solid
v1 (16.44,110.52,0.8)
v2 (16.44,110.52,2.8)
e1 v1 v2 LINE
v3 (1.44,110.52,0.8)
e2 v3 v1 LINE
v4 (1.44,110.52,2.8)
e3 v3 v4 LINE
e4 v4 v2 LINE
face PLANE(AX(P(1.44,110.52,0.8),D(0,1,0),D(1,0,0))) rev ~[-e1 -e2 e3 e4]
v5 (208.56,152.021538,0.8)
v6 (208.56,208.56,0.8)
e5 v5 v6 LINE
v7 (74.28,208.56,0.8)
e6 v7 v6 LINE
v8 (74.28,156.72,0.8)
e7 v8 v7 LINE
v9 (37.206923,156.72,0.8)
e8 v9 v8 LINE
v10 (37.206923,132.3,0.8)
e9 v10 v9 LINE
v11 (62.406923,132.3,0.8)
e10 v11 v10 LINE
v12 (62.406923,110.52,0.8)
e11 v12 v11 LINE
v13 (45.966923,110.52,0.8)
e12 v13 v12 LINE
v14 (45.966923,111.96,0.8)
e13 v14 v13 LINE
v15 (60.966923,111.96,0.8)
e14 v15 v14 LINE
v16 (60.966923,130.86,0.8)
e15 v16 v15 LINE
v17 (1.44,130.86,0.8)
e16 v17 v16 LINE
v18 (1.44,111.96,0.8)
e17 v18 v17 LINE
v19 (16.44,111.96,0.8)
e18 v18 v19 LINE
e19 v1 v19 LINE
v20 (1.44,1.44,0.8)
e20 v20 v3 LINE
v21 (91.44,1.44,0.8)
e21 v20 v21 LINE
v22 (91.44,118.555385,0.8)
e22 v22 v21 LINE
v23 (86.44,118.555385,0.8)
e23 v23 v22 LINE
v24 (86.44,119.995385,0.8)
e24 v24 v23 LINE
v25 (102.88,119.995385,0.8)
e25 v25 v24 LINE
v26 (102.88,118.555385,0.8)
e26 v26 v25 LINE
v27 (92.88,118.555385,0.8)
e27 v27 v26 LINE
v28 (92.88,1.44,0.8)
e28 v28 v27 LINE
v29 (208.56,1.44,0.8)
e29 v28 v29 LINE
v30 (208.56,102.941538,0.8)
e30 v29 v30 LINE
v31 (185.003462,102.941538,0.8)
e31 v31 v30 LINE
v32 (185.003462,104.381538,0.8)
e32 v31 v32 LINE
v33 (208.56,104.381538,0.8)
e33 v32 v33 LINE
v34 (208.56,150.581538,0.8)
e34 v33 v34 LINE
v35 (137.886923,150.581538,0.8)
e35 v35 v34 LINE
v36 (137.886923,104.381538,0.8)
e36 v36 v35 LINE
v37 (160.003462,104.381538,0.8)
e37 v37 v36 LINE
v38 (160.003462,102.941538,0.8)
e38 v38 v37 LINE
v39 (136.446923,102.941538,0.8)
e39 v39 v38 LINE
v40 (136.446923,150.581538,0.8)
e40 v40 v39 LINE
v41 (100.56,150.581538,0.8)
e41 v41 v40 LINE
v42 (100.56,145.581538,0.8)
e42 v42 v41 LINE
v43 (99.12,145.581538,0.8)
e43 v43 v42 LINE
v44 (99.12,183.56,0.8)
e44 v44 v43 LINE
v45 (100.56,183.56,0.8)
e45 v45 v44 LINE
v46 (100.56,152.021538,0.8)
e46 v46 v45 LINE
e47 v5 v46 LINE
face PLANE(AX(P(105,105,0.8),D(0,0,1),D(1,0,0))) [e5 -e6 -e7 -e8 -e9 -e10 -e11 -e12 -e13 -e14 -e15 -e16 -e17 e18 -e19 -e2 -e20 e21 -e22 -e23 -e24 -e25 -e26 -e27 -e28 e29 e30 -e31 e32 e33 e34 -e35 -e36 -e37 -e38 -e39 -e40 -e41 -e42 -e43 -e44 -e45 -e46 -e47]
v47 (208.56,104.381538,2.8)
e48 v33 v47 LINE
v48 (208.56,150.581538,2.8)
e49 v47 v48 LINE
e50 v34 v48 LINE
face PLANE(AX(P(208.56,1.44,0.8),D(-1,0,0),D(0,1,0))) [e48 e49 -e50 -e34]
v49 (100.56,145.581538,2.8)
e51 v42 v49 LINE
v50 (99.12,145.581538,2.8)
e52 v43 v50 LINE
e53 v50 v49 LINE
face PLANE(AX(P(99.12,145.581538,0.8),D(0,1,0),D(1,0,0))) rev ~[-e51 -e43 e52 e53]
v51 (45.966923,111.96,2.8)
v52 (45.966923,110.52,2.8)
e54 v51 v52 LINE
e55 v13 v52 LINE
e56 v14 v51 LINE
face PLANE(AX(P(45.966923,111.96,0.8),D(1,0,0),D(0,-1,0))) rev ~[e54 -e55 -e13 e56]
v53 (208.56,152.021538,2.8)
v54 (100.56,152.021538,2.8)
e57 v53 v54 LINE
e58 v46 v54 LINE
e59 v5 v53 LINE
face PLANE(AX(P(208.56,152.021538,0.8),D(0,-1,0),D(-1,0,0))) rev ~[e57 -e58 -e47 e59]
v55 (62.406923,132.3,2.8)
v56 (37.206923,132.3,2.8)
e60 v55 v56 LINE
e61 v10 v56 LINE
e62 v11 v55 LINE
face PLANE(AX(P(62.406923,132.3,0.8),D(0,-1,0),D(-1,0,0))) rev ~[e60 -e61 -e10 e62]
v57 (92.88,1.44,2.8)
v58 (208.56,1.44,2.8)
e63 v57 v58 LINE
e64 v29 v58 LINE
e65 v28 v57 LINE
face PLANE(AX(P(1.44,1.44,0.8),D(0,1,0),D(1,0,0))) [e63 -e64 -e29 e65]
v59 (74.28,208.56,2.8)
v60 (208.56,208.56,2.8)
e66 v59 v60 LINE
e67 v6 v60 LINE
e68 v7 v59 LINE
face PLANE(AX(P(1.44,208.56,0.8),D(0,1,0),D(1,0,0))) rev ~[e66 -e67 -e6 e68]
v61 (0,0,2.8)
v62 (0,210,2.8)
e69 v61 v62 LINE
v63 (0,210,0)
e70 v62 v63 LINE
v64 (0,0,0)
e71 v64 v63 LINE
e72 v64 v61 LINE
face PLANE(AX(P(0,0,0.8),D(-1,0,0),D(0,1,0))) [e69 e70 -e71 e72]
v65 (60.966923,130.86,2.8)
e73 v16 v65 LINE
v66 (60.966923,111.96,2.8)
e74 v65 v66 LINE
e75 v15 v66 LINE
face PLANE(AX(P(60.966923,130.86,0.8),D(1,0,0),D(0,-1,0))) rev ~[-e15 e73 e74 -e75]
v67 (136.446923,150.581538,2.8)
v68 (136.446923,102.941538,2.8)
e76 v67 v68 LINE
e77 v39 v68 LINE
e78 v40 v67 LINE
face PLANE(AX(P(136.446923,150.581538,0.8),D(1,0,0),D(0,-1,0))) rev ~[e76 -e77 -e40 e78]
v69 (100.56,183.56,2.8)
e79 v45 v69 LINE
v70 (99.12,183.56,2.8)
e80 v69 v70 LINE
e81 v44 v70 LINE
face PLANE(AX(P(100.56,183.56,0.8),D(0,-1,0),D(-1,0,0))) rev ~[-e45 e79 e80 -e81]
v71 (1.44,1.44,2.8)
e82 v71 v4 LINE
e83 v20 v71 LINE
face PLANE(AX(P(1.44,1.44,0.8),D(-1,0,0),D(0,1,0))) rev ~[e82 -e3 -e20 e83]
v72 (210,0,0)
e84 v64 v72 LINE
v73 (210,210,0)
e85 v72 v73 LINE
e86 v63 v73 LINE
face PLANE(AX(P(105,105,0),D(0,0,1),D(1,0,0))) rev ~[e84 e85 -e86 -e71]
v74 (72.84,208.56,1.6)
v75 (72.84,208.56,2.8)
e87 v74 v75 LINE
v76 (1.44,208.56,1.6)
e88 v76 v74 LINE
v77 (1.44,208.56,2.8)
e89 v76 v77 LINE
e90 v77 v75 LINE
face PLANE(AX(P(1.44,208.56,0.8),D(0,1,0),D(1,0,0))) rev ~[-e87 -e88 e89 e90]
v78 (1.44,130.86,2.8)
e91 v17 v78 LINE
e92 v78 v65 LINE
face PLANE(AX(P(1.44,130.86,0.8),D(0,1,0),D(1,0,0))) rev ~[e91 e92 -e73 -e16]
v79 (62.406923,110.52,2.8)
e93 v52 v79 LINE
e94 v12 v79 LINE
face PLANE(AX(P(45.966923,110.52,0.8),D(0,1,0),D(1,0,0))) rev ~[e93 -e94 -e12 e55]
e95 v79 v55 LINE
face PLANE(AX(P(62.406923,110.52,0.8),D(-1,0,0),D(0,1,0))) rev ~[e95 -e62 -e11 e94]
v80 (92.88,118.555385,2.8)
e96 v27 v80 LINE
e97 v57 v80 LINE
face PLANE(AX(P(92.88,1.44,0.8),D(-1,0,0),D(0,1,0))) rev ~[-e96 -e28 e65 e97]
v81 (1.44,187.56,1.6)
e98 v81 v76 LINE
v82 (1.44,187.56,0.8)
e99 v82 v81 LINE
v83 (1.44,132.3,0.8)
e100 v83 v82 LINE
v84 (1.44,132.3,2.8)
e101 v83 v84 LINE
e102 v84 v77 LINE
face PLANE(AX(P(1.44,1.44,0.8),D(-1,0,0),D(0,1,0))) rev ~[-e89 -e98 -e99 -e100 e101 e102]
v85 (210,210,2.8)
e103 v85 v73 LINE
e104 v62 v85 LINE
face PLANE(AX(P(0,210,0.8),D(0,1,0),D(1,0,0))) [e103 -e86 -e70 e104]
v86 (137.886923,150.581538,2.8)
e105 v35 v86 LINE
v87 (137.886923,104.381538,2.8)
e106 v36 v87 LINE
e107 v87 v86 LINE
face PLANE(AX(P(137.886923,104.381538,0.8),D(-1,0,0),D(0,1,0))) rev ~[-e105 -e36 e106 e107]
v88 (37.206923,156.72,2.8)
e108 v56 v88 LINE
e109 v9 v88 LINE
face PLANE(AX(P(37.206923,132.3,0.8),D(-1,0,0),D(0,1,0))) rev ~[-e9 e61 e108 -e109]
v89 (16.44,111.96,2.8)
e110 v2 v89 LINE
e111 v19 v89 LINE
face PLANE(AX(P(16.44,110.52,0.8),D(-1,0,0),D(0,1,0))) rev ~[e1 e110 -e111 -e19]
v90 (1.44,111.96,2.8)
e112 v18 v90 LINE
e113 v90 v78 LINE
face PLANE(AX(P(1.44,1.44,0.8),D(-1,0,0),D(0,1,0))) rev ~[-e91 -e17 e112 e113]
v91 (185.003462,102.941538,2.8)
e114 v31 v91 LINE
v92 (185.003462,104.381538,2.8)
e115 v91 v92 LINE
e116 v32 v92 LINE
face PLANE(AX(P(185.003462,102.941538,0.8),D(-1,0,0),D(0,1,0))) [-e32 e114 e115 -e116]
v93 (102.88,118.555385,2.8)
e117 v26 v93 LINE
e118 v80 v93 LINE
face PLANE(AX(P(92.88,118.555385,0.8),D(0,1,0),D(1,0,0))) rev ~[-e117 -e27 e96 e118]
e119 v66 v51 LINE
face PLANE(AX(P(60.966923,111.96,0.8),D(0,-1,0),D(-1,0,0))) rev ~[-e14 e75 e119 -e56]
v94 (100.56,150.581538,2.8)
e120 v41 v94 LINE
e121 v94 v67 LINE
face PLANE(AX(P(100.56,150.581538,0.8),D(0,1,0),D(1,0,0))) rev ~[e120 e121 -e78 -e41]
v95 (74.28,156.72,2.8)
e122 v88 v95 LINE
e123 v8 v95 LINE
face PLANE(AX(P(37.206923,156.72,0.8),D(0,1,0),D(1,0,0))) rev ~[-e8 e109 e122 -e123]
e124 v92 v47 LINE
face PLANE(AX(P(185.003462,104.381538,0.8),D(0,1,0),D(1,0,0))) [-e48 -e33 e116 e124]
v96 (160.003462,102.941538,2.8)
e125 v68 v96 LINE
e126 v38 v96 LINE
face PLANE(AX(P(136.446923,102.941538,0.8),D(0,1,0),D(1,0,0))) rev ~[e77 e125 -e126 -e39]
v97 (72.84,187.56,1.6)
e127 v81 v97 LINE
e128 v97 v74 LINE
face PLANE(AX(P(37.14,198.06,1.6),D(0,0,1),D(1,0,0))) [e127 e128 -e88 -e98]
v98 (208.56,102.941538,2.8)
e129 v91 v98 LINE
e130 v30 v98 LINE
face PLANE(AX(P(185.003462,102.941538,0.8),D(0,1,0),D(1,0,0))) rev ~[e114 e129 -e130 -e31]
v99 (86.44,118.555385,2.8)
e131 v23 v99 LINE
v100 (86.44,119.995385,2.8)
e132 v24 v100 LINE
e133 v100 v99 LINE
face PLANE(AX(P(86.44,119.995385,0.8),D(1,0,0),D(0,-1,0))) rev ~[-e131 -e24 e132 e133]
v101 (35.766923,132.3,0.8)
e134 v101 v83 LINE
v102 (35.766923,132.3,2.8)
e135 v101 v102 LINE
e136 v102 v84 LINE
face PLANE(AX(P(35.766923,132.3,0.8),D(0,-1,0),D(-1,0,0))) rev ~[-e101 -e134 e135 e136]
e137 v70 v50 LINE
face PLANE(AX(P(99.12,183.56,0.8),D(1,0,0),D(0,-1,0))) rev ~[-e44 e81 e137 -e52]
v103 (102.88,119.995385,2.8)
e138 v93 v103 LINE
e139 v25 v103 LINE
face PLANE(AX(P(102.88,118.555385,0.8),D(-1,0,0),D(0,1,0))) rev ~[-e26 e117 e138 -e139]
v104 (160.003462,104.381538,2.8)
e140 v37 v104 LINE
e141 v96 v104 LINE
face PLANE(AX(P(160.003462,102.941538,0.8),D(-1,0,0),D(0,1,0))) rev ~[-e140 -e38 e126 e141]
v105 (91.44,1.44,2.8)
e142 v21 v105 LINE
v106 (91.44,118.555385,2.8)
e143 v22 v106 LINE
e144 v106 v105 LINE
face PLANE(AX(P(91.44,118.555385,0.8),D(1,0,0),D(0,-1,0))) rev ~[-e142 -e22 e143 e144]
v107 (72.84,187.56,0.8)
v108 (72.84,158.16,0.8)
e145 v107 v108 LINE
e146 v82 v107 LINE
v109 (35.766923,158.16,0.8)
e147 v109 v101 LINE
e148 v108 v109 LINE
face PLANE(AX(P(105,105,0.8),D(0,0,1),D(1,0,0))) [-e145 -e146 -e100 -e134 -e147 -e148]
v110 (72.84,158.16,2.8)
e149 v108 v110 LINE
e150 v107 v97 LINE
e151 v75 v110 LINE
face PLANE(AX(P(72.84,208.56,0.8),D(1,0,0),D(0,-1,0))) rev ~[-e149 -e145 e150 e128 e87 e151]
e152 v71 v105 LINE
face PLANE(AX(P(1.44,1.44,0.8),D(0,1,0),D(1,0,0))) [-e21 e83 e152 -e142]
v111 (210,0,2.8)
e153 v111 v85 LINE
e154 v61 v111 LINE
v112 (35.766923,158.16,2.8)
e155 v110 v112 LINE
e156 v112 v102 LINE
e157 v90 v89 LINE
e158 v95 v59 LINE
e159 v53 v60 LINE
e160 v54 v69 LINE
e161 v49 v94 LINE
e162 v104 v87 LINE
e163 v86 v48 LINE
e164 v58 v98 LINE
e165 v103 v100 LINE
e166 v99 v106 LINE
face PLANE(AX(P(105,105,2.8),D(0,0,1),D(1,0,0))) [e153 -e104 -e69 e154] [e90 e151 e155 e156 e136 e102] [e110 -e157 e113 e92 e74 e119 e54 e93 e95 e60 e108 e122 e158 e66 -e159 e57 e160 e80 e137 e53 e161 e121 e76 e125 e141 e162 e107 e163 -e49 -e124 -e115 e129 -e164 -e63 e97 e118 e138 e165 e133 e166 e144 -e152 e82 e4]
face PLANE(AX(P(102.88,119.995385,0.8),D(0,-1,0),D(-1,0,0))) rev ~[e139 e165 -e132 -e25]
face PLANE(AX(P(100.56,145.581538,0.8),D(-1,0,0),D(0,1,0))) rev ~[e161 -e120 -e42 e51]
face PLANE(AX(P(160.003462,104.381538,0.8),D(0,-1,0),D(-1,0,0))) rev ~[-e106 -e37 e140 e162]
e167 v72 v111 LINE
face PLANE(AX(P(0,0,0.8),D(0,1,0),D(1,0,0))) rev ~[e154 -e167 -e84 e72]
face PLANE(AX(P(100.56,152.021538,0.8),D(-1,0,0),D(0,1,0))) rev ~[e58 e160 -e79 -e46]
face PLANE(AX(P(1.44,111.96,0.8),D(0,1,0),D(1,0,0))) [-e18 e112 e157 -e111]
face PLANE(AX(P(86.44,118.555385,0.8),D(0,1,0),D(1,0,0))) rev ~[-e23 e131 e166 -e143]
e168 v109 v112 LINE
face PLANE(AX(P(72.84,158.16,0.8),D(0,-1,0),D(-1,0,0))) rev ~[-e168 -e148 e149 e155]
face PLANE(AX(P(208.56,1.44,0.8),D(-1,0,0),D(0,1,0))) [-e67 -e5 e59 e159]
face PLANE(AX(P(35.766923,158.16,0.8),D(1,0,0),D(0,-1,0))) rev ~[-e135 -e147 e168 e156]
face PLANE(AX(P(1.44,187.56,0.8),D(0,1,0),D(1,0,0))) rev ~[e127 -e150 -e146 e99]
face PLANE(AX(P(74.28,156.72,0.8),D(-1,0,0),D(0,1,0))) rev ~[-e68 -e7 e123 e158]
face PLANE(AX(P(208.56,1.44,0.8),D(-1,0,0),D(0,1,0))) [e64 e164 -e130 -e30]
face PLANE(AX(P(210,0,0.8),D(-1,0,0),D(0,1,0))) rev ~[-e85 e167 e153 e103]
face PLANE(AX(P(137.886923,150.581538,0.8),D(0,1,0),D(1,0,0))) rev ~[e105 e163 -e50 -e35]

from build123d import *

# Parameters (mm, degrees)
F0_W     = 210
F0_H     = 210
F1_DEPTH = 0.8
F2_W     = 210
F2_H     = 210
F2_W_2   = 207.12
F2_H_2   = 207.12
F3_DEPTH = 2
F4_W     = 15
F4_H     = 1.44
F4_W_2   = 23.556538
F5_DEPTH = 2
F6_W     = 71.4
F6_H     = 21
F7_DEPTH = 0.8


with BuildPart() as f1:
    # F0 (on Top) → F1 (new body)
    with BuildSketch(Plane.XY):
        with Locations((105, 105)):
            Rectangle(F0_W, F0_H)
    extrude(amount=F1_DEPTH)

    # F2 (on face) → F3 (join)
    with BuildSketch(Plane.XY.offset(0.8)):
        with Locations((105, 105)):
            Rectangle(F2_W, F2_H)
        with Locations((105, 105)):
            Rectangle(F2_W_2, F2_H_2, mode=Mode.SUBTRACT)
    extrude(amount=F3_DEPTH)

    # F4 (on face) → F5 (join, through all)
    with BuildSketch(Plane.XY.offset(0.8)):
        Polygon((74.28, 156.72), (74.28, 208.56), (72.84, 208.56), (72.84, 158.16), (35.766923, 158.16), (35.766923, 132.3), (1.44, 132.3), (1.44, 130.86), (35.766923, 130.86), (60.966923, 130.86), (60.966923, 111.96), (45.966923, 111.96), (45.966923, 110.52), (62.406923, 110.52), (62.406923, 130.86), (62.406923, 132.3), (37.206923, 132.3), (37.206923, 156.72), align=None)
        with Locations((8.94, 111.24)):
            Rectangle(F4_W, F4_H)
        Polygon((208.56, 150.581538), (208.56, 152.021538), (100.56, 152.021538), (100.56, 183.56), (99.12, 183.56), (99.12, 145.581538), (100.56, 145.581538), (100.56, 150.581538), (136.446923, 150.581538), (136.446923, 102.941538), (160.003462, 102.941538), (160.003462, 104.381538), (137.886923, 104.381538), (137.886923, 150.581538), align=None)
        with Locations((196.781731, 103.661538)):
            Rectangle(F4_W_2, F4_H)
        Polygon((91.44, 1.44), (92.88, 1.44), (92.88, 118.555385), (102.88, 118.555385), (102.88, 119.995385), (86.44, 119.995385), (86.44, 118.555385), (91.44, 118.555385), align=None)
    extrude(amount=F5_DEPTH)

    # F6 (on face) → F7 (join)
    with BuildSketch(Plane.XY.offset(0.8)):
        with Locations((37.14, 198.06)):
            Rectangle(F6_W, F6_H)
    extrude(amount=F7_DEPTH)


solid = f1.part
